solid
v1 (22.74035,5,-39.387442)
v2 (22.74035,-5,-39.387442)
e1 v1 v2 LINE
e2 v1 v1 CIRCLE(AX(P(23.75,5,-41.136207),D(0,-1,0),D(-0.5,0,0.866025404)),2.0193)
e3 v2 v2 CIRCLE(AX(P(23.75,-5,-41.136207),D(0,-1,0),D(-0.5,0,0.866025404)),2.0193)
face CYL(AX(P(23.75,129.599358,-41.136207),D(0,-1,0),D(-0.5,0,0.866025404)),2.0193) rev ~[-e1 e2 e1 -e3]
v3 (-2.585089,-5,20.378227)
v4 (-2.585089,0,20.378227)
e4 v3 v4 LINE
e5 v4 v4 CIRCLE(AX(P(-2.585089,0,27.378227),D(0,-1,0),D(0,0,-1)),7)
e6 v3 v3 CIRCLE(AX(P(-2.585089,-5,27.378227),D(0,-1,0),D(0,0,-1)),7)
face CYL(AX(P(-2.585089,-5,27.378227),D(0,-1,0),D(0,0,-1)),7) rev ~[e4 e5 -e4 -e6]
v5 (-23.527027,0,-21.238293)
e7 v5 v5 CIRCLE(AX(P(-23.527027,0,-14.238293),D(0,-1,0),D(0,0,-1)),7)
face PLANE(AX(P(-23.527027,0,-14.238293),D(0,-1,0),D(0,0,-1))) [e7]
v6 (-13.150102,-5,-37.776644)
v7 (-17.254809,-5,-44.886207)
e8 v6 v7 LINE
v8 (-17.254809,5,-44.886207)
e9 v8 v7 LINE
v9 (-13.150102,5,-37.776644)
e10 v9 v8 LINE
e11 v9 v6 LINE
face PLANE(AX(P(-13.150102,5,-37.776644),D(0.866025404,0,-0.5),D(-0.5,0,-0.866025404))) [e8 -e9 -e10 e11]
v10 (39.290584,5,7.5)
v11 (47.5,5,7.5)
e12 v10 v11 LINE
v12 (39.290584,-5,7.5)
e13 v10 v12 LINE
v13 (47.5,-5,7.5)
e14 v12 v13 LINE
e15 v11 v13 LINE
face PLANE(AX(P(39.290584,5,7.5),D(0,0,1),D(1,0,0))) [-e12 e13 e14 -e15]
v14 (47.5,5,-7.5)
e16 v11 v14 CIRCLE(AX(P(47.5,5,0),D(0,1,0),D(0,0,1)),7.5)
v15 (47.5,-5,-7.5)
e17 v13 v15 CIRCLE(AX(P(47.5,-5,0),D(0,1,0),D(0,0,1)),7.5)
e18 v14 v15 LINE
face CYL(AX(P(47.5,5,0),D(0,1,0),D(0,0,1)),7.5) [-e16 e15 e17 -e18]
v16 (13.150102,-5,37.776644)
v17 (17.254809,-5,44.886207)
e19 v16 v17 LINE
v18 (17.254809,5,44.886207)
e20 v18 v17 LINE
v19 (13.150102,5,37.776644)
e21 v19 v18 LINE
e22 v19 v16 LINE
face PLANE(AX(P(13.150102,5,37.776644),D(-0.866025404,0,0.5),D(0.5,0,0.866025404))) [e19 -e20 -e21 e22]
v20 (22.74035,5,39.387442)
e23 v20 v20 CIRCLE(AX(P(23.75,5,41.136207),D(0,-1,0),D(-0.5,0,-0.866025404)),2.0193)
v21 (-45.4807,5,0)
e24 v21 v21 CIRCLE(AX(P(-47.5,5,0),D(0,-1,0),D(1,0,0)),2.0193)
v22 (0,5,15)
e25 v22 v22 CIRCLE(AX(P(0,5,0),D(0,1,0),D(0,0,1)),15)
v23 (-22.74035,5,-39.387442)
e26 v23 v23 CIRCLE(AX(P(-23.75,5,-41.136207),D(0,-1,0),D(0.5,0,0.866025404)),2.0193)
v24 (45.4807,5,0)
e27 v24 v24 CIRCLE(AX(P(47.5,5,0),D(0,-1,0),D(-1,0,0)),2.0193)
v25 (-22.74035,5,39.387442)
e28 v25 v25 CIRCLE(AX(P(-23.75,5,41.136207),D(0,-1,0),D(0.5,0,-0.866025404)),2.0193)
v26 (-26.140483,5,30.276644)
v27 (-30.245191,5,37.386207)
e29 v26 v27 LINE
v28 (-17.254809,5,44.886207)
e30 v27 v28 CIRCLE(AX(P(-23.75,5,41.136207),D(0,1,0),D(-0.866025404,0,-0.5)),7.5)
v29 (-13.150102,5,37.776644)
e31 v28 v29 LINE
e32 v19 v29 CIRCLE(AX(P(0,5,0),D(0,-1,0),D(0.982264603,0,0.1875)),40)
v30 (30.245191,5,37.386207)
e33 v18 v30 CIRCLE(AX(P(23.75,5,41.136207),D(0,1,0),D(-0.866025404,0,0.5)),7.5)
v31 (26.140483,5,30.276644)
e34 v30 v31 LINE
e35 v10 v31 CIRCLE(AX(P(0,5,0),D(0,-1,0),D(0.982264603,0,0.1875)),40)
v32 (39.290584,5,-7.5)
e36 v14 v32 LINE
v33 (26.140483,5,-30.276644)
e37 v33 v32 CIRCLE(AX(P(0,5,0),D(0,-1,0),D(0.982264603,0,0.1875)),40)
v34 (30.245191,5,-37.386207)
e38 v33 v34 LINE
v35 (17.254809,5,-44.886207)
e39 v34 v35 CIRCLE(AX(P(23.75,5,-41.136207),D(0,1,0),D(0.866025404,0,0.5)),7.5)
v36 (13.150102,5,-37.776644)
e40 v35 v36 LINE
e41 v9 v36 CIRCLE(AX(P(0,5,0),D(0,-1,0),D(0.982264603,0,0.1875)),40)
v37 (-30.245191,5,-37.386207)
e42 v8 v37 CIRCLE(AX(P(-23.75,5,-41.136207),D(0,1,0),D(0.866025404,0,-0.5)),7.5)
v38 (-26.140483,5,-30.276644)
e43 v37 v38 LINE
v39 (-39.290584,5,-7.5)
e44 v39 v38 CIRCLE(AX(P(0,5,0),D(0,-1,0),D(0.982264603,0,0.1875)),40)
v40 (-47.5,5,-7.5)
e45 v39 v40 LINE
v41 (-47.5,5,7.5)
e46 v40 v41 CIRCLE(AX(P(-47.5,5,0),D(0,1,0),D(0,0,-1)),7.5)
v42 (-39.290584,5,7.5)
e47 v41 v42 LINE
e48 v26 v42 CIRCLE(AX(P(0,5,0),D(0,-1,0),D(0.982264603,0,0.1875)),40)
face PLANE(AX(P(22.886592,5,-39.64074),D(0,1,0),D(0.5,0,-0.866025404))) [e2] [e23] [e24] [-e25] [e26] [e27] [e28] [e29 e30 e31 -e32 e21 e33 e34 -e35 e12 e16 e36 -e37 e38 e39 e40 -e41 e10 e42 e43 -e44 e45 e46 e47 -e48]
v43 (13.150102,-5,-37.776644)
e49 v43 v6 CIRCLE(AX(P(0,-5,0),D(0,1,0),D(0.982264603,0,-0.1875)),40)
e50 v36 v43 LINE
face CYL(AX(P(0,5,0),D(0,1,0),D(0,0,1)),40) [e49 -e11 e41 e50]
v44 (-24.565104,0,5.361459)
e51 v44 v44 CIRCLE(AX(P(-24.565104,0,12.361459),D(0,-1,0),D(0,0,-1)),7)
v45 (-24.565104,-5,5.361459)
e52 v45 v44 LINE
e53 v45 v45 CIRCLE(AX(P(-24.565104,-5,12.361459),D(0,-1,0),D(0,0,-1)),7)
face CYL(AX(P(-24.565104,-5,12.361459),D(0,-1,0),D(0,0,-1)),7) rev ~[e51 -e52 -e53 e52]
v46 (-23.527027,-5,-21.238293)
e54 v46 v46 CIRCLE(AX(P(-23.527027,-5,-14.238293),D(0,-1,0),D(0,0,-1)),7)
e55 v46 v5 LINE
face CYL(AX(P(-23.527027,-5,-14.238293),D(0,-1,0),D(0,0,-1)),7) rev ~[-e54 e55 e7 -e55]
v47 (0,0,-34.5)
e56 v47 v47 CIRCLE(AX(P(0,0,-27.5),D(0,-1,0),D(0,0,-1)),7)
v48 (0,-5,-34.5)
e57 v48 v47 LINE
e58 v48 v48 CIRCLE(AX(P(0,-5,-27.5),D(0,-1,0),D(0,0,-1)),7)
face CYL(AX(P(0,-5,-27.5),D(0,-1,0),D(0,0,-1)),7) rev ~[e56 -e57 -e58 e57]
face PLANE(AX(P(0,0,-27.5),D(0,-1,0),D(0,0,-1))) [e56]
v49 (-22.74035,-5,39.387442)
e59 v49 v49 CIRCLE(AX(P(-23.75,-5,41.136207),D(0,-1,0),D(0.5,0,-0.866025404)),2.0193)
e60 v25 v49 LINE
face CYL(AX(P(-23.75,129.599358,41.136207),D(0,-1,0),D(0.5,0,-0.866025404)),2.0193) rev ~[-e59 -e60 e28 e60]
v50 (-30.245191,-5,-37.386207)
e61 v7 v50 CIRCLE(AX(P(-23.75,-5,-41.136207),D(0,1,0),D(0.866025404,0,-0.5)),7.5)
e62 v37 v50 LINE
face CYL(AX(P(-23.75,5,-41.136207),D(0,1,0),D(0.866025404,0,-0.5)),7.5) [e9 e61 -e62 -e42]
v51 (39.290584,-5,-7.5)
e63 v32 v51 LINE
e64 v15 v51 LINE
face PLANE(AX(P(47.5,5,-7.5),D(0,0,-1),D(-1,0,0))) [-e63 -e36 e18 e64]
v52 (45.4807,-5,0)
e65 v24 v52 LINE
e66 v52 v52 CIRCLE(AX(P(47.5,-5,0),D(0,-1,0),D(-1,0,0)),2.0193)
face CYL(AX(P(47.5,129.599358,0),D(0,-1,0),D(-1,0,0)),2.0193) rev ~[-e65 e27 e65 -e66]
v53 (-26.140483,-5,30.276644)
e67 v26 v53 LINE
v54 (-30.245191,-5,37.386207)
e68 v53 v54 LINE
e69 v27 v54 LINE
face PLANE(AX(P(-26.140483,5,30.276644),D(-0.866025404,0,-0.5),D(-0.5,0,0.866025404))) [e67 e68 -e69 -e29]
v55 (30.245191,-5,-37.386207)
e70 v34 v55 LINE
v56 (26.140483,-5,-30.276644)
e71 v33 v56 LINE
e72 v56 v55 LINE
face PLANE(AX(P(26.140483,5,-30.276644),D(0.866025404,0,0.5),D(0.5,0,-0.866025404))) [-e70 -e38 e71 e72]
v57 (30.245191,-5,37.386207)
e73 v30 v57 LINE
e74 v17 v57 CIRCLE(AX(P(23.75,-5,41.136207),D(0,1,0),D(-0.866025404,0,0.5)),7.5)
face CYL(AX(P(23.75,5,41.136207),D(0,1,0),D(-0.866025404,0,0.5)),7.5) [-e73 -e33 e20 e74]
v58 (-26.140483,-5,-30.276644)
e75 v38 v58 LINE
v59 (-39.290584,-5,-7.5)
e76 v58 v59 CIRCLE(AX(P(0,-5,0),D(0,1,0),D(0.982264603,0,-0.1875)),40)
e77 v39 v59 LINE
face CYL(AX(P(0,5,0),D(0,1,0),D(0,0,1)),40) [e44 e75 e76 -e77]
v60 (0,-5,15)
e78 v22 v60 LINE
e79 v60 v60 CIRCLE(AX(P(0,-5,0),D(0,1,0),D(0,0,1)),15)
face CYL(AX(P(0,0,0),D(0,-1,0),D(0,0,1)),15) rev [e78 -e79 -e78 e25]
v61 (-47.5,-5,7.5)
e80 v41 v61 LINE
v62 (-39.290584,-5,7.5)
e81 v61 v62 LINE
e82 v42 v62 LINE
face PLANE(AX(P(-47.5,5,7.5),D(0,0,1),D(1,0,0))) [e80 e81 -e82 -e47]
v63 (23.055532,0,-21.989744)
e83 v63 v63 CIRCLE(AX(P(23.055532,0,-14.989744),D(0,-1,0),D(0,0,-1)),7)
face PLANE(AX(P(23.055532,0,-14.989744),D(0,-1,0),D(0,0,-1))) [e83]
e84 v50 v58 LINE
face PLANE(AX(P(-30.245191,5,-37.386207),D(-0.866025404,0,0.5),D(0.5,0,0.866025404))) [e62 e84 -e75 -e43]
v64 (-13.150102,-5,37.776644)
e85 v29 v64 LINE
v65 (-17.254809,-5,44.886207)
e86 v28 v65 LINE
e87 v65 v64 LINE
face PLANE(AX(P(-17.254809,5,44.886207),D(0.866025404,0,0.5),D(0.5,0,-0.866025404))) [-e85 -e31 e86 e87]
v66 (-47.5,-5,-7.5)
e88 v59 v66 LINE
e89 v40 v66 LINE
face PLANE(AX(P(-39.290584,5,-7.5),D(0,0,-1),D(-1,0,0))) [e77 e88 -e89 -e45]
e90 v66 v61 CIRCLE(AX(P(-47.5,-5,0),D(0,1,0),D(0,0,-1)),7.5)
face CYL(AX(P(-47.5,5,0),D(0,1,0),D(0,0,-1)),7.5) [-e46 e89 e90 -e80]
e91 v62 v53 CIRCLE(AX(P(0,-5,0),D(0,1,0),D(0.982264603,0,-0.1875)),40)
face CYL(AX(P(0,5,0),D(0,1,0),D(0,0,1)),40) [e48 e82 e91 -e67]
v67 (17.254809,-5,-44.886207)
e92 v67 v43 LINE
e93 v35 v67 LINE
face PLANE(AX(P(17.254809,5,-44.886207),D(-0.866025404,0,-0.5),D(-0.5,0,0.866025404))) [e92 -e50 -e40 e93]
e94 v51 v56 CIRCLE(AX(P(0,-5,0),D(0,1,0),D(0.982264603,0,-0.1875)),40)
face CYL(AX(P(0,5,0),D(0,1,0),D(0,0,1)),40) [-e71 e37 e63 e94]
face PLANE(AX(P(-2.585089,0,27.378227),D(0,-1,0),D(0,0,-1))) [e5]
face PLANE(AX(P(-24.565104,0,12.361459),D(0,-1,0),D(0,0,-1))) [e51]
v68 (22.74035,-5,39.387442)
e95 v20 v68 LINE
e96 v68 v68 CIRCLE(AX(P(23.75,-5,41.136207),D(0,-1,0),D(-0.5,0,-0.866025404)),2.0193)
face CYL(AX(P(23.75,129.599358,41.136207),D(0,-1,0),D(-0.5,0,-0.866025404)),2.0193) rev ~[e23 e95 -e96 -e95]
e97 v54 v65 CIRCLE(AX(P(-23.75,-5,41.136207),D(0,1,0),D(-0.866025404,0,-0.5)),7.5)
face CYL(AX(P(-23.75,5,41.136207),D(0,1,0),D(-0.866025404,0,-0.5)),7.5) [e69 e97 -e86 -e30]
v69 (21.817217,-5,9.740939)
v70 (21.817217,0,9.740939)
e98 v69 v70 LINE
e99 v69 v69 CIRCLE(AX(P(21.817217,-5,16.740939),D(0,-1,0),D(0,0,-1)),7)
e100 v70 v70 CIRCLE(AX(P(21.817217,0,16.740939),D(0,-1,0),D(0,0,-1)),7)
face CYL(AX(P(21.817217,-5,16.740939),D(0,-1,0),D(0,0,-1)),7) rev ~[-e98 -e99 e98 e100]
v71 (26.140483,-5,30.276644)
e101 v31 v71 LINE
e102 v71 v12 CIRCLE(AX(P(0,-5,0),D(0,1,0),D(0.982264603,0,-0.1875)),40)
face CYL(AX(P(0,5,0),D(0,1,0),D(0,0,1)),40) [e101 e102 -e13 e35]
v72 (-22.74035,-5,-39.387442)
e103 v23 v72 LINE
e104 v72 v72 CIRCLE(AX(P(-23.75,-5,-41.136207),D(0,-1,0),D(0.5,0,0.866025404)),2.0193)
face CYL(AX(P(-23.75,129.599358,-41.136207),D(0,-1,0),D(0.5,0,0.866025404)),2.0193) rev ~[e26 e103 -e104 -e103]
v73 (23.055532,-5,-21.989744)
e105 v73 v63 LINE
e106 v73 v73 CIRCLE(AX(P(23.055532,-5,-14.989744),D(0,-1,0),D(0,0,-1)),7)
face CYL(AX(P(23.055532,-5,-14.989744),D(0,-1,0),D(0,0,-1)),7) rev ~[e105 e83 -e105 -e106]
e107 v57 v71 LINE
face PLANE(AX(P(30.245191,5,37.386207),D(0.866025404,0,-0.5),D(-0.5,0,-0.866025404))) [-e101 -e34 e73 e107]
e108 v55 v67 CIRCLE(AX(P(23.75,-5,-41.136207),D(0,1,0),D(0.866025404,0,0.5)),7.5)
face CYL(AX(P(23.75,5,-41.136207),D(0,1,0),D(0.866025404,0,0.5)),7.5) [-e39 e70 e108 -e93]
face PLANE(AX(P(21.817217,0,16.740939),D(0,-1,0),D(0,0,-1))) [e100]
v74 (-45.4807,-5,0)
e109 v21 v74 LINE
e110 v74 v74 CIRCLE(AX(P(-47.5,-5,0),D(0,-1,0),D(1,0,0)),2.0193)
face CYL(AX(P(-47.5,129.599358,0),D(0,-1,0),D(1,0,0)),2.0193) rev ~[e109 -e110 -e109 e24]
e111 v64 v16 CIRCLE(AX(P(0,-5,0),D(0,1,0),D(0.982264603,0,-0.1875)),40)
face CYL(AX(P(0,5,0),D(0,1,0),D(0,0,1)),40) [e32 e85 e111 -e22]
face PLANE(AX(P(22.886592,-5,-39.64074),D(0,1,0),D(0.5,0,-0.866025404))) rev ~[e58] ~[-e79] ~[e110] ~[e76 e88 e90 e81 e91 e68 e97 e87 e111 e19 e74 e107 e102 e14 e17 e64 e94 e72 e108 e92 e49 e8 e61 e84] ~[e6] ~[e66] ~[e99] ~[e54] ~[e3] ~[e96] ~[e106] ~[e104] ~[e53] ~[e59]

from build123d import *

# Parameters (mm, degrees)
SKETCH1_R                  = 25
SKETCH1_R_2                = 15
BOSS_EXTRUDE1_DEPTH        = 5
SKETCH6_R                  = 40
SKETCH6_R_2                = 25
BOSS_EXTRUDE3_DEPTH        = 10
SKETCH7_R                  = 7
CUT_EXTRUDE1_DEPTH         = 5
BOSS_EXTRUDE4_DEPTH        = 10
TAP_DRILL_FOR_10_32_TAP1_D = 4.0386
CIRPATTERN1_COUNT          = 6


with BuildPart() as part:
    # Sketch1 → Boss-Extrude1 (new, symmetric)
    with BuildSketch(Plane(origin=(0, 0, 0), x_dir=(1, 0, 0), z_dir=(0, 1, 0))):
        with Locations(Location((0, 0, 0), (0, 0, 270))):
            Circle(SKETCH1_R)
        with Locations(Location((0, 0, 0), (0, 0, 270))):
            Circle(SKETCH1_R_2, mode=Mode.SUBTRACT)
    extrude(amount=BOSS_EXTRUDE1_DEPTH, both=True)

    # Sketch6 → Boss-Extrude3 (add)
    with BuildSketch(Plane(origin=(0, 5, 0), x_dir=(1, 0, 0), z_dir=(0, 1, 0))):
        with Locations(Location((0, 0, 0), (0, 0, 270))):
            Circle(SKETCH6_R)
        Circle(SKETCH6_R_2, mode=Mode.SUBTRACT)
    extrude(amount=-BOSS_EXTRUDE3_DEPTH)

    # Sketch7 → Cut-Extrude1 (cut)
    with BuildSketch(Plane.XZ.offset(5)):
        with Locations(Location((21.817216858, 16.740939298, 0), (0, 0, 270))):
            Circle(SKETCH7_R)
        with Locations(Location((-2.585088545, 27.378227065, 0), (0, 0, 270))):
            Circle(SKETCH7_R)
        with Locations(Location((-24.565103939, 12.361458995, 0), (0, 0, 270))):
            Circle(SKETCH7_R)
        with Locations(Location((-23.52702738, -14.238292828, 0), (0, 0, 270))):
            Circle(SKETCH7_R)
        with Locations(Location((0, -27.5, 0), (0, 0, 270))):
            Circle(SKETCH7_R)
        with Locations(Location((23.055532132, -14.989744431, 0), (0, 0, 270))):
            Circle(SKETCH7_R)
    extrude(amount=-CUT_EXTRUDE1_DEPTH, mode=Mode.SUBTRACT)

    # Sketch8 → Boss-Extrude4 (add)
    with BuildSketch(Plane(origin=(0, 5, 0), x_dir=(1, 0, 0), z_dir=(0, 1, 0))):
        with BuildLine():
            Line((47.5, 7.5), (39.290584114, 7.5))
            Line((39.290584114, 7.5), (39.290584114, -7.5))
            Line((39.290584114, -7.5), (47.5, -7.5))
            ThreePointArc((47.5, -7.5), (55, 0), (47.5, 7.5))
        make_face()
    boss_extrude4 = extrude(amount=-BOSS_EXTRUDE4_DEPTH)

    # Tap Drill for #10-32 Tap1 (through all)
    with Locations(Plane(origin=(0, 5, 0), x_dir=(1, 0, 0), z_dir=(0, 1, 0))):
        with Locations((47.5, 0)):
            tap_drill_for_10_32_tap1 = Hole(TAP_DRILL_FOR_10_32_TAP1_D / 2)

    # CirPattern1: Boss-Extrude4, Tap Drill for #10-32 Tap1 ×6 about axis
    cirpattern1_axis = Axis((0, 0, 0), (0, 1, 0))
    add([boss_extrude4.rotate(cirpattern1_axis, i * 360 / CIRPATTERN1_COUNT) for i in range(1, CIRPATTERN1_COUNT)])
    add([tap_drill_for_10_32_tap1.rotate(cirpattern1_axis, i * 360 / CIRPATTERN1_COUNT) for i in range(1, CIRPATTERN1_COUNT)], mode=Mode.SUBTRACT)


solid = part.part
